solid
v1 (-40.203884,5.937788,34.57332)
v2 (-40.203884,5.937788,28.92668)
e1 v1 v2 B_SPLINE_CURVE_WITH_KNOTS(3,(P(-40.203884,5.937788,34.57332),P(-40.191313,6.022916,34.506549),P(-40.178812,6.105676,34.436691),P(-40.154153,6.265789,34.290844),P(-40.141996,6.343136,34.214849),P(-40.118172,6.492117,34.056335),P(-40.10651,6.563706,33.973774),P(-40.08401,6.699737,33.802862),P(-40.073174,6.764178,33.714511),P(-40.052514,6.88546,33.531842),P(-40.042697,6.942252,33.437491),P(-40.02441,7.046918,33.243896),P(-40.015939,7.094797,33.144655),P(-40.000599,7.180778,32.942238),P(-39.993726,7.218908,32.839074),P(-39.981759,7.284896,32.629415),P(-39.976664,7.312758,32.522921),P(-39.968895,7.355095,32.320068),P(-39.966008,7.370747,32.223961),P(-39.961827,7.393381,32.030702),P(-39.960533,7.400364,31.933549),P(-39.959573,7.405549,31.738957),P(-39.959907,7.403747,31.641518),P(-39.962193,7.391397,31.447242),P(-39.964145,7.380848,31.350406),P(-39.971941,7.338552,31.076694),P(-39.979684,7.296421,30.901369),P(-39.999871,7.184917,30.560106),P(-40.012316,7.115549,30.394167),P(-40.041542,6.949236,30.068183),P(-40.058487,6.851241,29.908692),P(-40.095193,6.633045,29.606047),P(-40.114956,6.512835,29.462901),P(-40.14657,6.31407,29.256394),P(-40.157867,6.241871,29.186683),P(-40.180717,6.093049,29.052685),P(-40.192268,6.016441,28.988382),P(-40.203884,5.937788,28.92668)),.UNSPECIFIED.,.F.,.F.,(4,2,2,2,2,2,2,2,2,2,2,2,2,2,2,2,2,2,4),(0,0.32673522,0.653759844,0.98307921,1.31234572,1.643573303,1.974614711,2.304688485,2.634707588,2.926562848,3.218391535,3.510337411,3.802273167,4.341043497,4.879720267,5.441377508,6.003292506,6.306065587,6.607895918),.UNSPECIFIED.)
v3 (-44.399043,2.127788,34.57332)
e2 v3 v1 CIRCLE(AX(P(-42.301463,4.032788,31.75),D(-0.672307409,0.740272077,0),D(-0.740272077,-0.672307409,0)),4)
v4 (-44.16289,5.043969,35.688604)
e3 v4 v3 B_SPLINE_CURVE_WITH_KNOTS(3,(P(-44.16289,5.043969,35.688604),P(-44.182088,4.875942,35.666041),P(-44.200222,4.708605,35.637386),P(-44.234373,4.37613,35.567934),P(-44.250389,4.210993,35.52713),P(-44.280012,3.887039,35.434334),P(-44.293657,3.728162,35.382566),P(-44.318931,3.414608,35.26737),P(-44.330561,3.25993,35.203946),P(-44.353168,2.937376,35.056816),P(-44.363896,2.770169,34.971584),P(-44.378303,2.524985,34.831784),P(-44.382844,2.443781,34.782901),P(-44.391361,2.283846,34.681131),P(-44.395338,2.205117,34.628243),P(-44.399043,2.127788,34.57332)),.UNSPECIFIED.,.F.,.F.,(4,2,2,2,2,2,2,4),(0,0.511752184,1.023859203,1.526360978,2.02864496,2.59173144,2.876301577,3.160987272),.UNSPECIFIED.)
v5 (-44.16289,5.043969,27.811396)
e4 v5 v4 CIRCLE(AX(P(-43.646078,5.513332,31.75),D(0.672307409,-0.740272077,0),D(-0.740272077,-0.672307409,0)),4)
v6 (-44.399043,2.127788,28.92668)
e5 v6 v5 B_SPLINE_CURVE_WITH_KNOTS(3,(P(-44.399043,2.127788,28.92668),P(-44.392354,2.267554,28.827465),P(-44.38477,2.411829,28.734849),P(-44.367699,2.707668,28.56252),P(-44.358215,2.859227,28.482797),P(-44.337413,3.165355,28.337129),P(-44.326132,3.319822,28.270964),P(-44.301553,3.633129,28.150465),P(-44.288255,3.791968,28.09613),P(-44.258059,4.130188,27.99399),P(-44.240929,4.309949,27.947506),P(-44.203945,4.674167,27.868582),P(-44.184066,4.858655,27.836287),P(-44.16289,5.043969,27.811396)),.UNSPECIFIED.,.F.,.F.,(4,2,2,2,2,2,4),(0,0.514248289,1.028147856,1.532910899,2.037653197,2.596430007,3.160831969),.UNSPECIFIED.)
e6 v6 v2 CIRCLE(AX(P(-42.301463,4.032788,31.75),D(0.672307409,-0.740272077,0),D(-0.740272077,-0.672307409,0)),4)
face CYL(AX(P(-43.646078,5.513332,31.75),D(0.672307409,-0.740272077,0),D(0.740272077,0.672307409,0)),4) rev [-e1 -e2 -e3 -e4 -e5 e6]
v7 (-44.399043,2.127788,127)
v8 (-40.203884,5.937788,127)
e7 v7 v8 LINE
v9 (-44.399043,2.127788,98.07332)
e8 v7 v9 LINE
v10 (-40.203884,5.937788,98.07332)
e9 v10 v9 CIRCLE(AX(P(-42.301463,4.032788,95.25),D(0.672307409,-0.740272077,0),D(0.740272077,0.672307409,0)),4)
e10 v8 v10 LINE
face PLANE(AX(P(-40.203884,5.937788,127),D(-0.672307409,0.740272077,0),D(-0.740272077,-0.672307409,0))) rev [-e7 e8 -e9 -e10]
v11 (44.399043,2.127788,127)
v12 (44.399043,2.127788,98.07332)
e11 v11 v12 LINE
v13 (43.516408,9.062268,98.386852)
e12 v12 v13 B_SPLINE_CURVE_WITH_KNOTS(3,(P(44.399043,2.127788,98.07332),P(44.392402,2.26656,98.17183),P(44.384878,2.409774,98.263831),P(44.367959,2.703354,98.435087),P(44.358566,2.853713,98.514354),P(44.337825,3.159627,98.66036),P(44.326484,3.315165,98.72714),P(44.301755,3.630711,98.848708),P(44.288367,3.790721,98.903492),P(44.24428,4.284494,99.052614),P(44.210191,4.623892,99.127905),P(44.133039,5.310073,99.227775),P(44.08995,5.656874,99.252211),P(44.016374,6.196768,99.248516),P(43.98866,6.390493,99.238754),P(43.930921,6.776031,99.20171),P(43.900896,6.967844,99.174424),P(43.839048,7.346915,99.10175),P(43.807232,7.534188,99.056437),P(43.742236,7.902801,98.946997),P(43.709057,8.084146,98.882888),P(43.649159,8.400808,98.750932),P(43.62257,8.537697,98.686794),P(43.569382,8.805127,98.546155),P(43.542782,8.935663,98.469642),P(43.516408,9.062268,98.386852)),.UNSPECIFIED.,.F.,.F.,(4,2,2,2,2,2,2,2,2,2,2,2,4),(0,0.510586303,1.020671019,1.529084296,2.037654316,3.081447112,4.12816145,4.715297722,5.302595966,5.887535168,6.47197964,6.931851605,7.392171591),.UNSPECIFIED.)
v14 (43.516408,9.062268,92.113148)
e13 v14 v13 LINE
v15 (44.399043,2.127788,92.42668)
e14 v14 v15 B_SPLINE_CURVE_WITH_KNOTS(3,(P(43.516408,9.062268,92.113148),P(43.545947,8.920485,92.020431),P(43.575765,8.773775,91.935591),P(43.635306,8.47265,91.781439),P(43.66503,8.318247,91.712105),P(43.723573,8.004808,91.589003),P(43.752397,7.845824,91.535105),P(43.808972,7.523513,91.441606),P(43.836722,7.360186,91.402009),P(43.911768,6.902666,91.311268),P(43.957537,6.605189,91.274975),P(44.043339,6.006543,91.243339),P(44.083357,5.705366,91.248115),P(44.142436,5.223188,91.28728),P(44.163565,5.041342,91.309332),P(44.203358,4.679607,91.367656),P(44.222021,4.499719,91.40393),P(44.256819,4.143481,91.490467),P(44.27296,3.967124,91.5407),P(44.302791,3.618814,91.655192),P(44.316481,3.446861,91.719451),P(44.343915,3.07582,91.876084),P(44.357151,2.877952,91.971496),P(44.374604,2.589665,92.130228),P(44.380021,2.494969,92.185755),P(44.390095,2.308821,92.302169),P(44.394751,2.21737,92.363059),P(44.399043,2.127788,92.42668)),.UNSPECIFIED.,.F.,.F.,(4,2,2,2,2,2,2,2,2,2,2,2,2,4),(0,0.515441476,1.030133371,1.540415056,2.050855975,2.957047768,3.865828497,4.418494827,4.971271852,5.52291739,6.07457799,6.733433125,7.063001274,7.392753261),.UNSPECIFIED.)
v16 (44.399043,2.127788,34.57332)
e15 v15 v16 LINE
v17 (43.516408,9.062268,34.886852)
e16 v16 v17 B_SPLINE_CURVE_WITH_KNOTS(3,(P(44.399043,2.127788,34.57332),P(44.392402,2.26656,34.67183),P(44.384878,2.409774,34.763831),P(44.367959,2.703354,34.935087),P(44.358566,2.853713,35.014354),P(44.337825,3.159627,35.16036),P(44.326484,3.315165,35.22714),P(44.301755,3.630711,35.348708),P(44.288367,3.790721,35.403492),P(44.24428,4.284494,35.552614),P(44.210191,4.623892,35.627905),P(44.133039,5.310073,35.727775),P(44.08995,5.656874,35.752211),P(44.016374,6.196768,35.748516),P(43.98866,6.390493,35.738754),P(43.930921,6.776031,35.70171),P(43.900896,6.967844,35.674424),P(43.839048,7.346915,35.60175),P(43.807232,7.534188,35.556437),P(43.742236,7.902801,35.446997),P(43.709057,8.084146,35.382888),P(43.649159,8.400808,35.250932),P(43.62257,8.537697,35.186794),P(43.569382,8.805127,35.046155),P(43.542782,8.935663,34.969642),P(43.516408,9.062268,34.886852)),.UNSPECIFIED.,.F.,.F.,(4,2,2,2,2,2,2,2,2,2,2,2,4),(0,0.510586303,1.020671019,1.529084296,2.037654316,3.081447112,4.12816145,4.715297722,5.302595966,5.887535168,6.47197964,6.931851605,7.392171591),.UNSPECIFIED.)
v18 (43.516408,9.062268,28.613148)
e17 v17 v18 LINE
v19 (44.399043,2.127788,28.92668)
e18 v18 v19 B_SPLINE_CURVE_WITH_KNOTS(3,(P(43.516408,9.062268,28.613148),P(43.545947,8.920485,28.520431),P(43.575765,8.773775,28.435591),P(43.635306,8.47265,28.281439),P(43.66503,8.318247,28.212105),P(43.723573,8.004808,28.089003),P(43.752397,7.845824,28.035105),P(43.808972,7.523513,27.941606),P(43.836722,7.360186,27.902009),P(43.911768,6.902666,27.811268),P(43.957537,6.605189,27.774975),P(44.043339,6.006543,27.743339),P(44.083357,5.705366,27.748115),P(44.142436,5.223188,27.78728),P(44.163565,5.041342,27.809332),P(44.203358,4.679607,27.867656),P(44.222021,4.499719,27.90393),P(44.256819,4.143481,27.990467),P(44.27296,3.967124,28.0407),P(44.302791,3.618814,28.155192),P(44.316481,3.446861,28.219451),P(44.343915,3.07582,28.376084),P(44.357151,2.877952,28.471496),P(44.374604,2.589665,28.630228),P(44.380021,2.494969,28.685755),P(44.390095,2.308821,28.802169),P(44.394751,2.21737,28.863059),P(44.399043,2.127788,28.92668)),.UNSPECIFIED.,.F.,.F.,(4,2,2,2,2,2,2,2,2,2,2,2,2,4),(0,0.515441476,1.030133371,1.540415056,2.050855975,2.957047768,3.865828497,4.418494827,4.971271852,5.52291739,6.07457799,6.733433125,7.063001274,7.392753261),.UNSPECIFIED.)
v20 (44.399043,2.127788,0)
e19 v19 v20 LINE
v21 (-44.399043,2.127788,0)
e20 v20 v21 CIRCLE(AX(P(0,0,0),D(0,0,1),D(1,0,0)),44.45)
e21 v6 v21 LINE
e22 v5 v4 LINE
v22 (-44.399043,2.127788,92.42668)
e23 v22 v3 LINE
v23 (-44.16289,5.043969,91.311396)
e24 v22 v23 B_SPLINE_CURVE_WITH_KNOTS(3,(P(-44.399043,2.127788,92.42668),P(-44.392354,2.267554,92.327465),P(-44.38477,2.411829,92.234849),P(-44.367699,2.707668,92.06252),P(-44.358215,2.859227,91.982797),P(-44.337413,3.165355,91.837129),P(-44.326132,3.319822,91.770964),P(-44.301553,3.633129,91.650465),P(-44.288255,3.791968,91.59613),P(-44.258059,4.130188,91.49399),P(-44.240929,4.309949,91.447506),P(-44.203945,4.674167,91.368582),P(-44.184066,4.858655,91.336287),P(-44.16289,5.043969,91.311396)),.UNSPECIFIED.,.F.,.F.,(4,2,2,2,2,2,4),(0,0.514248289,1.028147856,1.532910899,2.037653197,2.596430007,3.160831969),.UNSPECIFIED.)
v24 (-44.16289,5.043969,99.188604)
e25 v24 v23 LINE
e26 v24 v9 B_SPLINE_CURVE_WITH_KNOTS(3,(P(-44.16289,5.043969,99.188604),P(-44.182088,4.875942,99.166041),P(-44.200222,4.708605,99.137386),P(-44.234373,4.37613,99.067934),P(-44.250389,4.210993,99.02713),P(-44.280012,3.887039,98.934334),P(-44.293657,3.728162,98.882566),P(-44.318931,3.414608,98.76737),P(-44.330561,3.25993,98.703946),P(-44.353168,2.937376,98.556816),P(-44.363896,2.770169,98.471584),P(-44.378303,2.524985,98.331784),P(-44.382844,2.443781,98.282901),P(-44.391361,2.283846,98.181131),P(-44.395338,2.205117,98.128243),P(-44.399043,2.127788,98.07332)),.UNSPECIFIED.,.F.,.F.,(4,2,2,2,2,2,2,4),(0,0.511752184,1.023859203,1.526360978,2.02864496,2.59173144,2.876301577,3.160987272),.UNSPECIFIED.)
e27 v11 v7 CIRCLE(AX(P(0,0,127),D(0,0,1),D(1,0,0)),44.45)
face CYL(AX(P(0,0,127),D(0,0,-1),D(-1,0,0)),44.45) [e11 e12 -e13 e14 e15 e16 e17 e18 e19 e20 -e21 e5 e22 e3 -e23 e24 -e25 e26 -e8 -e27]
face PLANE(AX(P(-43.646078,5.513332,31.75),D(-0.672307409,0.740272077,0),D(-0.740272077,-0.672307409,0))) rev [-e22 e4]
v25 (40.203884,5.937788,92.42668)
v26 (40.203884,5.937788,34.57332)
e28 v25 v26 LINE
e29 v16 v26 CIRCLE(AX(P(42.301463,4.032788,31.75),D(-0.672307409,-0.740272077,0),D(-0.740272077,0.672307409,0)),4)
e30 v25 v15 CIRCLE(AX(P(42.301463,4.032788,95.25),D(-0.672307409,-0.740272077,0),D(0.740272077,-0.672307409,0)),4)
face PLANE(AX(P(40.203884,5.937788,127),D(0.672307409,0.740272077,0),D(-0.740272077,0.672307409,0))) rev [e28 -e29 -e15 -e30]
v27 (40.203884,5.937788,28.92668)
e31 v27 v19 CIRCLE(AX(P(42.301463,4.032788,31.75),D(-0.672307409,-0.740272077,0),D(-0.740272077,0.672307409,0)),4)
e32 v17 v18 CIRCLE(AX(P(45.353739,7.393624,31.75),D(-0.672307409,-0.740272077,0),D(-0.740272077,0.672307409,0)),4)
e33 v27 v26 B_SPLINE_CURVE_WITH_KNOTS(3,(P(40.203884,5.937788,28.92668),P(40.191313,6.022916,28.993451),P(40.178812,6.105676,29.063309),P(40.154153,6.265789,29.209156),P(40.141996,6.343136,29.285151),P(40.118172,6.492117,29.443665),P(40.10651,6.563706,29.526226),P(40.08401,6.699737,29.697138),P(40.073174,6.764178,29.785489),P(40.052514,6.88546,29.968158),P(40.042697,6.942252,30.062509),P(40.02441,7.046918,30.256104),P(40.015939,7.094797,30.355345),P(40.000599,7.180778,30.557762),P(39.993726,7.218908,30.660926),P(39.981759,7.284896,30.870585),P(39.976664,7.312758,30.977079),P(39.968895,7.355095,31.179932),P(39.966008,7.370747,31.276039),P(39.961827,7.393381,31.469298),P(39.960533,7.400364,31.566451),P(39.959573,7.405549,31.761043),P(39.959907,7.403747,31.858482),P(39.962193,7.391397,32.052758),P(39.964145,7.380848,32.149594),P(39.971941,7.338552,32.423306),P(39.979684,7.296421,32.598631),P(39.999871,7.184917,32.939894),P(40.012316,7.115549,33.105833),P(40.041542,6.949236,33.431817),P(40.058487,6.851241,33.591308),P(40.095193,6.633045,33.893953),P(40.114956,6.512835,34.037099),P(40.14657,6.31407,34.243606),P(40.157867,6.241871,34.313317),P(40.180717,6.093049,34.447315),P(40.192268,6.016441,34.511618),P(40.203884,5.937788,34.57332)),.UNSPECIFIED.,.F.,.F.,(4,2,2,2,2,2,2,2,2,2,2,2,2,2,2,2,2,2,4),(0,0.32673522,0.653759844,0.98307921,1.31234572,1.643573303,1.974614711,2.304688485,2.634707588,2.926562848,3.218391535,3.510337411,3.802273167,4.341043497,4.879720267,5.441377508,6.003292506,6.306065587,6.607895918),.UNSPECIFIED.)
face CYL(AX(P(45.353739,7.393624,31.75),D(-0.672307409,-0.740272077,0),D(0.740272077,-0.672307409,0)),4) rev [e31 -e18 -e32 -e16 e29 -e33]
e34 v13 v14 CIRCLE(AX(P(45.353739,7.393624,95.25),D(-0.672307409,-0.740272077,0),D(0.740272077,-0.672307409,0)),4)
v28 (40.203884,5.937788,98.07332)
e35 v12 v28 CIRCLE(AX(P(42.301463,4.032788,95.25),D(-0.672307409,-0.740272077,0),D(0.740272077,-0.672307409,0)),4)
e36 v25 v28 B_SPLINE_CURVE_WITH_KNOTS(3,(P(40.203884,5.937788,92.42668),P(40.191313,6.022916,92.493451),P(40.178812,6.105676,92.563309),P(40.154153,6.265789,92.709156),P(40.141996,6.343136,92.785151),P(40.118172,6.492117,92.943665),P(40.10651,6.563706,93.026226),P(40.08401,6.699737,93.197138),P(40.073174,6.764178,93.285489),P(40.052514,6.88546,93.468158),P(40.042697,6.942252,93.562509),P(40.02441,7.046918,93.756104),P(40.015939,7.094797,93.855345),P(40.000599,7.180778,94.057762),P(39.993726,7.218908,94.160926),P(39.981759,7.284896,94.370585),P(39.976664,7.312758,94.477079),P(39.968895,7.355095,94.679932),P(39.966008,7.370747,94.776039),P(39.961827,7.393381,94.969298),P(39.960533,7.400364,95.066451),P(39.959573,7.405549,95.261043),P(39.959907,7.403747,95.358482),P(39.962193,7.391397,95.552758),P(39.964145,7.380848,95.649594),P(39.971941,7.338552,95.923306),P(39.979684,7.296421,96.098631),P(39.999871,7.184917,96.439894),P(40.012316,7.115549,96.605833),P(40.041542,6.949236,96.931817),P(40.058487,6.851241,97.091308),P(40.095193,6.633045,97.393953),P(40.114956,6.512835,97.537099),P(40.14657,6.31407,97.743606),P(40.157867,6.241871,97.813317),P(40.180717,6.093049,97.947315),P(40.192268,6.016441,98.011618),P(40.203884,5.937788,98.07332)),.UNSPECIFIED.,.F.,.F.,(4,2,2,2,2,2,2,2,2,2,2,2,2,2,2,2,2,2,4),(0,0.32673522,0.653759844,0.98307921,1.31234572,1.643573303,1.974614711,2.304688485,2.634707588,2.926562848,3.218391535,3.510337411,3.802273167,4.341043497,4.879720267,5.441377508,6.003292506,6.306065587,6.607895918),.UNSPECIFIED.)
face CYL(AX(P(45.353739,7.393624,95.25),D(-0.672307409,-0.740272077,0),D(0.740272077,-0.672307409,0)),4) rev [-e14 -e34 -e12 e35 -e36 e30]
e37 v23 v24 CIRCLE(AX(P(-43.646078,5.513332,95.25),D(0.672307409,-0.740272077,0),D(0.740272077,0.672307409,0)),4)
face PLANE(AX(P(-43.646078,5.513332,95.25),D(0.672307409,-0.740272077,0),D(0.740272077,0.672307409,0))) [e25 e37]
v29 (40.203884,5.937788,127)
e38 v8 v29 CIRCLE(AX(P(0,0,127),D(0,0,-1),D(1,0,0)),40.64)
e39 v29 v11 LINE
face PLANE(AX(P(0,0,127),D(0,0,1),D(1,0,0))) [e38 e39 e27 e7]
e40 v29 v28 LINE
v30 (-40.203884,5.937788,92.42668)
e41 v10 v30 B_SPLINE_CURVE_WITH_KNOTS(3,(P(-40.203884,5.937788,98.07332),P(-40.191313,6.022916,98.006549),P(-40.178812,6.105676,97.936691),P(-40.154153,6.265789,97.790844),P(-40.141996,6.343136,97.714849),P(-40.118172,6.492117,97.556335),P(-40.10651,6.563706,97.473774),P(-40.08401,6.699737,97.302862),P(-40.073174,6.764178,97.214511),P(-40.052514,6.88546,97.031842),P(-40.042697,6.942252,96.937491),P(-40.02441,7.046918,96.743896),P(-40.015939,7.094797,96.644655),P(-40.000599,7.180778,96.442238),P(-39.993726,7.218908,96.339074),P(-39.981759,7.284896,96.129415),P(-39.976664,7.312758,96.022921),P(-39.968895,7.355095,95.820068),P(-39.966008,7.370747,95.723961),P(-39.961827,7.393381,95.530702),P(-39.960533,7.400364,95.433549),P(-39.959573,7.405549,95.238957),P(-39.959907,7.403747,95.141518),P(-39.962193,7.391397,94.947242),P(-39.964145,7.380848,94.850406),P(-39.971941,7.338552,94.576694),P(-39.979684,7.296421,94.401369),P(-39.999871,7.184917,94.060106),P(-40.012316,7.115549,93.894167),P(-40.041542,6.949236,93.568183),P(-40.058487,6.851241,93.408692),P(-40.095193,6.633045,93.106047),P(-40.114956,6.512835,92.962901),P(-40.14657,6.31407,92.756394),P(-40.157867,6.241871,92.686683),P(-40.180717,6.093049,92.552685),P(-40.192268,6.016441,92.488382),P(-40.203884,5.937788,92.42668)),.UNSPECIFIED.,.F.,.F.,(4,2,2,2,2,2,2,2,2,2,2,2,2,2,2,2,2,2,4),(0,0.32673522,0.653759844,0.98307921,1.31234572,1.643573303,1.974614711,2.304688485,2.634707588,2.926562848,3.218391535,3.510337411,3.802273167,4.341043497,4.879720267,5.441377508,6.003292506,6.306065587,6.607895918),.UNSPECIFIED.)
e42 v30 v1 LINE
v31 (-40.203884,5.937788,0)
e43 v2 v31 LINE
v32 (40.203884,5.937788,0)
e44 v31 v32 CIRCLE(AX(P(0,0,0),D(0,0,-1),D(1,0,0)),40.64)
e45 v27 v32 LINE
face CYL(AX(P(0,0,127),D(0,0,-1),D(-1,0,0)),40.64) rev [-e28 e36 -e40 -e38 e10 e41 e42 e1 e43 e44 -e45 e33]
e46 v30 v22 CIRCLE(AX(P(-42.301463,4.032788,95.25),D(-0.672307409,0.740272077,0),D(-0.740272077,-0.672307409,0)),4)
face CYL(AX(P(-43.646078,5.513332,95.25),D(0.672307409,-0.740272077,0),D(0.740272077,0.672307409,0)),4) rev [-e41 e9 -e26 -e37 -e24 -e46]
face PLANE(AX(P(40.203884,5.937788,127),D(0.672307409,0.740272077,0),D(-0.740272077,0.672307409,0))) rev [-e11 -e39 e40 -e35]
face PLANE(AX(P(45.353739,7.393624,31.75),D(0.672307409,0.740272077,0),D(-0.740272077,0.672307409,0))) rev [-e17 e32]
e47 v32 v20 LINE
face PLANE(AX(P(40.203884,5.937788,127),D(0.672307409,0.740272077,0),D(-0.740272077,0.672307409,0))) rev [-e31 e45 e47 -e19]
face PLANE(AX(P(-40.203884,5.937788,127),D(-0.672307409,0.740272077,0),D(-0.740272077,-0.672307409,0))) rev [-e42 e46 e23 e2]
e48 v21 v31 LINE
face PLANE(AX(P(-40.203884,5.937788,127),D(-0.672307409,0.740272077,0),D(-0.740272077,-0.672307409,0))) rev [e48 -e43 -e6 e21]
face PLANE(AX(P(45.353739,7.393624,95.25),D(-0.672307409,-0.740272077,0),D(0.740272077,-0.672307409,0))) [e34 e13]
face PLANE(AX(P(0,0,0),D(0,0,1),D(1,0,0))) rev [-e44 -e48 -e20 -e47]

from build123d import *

# Parameters (mm, degrees)
BOSS_EXTRUDE1_DEPTH = 127
SKETCH2_R           = 4
CUT_EXTRUDE1_DEPTH  = 2
SKETCH3_R           = 4
CUT_EXTRUDE2_DEPTH  = 4.54


with BuildPart() as part:
    # Sketch1 → Boss-Extrude1 (new body)
    with BuildSketch(Plane.XY):
        with BuildLine():
            Line((-40.203883769, 5.937788296), (-44.399042974, 2.127788296))
            ThreePointArc((-44.399042974, 2.127788296), (0, 44.45), (44.399042974, 2.127788296))
            Line((44.399042974, 2.127788296), (40.203883769, 5.937788296))
            ThreePointArc((40.203883769, 5.937788296), (0, 40.64), (-40.203883769, 5.937788296))
        make_face()
    extrude(amount=BOSS_EXTRUDE1_DEPTH)

    # Sketch2 → Cut-Extrude1 (cut)
    with BuildSketch(Plane(origin=(-21.127225221, 23.263011377, 0), x_dir=(0.7402720771062569, 0.6723074087475075, 0), z_dir=(0.6723074087475075, -0.7402720771062569, 0))):
        with Locations((-28.603318705, 95.25)):
            Circle(SKETCH2_R)
        with Locations((-28.603318705, 31.75)):
            Circle(SKETCH2_R)
    extrude(amount=-CUT_EXTRUDE1_DEPTH, mode=Mode.SUBTRACT)

    # Sketch3 → Cut-Extrude2 (cut)
    with BuildSketch(Plane(origin=(21.127225221, 23.263011377, 0), x_dir=(-0.7402720771062569, 0.6723074087475075, 0), z_dir=(-0.6723074087475075, -0.7402720771062569, 0))):
        with Locations((-28.603318705, -95.25)):
            Circle(SKETCH3_R)
        with Locations((-28.603318705, -31.75)):
            Circle(SKETCH3_R)
    extrude(amount=-CUT_EXTRUDE2_DEPTH, mode=Mode.SUBTRACT)


solid = part.part
